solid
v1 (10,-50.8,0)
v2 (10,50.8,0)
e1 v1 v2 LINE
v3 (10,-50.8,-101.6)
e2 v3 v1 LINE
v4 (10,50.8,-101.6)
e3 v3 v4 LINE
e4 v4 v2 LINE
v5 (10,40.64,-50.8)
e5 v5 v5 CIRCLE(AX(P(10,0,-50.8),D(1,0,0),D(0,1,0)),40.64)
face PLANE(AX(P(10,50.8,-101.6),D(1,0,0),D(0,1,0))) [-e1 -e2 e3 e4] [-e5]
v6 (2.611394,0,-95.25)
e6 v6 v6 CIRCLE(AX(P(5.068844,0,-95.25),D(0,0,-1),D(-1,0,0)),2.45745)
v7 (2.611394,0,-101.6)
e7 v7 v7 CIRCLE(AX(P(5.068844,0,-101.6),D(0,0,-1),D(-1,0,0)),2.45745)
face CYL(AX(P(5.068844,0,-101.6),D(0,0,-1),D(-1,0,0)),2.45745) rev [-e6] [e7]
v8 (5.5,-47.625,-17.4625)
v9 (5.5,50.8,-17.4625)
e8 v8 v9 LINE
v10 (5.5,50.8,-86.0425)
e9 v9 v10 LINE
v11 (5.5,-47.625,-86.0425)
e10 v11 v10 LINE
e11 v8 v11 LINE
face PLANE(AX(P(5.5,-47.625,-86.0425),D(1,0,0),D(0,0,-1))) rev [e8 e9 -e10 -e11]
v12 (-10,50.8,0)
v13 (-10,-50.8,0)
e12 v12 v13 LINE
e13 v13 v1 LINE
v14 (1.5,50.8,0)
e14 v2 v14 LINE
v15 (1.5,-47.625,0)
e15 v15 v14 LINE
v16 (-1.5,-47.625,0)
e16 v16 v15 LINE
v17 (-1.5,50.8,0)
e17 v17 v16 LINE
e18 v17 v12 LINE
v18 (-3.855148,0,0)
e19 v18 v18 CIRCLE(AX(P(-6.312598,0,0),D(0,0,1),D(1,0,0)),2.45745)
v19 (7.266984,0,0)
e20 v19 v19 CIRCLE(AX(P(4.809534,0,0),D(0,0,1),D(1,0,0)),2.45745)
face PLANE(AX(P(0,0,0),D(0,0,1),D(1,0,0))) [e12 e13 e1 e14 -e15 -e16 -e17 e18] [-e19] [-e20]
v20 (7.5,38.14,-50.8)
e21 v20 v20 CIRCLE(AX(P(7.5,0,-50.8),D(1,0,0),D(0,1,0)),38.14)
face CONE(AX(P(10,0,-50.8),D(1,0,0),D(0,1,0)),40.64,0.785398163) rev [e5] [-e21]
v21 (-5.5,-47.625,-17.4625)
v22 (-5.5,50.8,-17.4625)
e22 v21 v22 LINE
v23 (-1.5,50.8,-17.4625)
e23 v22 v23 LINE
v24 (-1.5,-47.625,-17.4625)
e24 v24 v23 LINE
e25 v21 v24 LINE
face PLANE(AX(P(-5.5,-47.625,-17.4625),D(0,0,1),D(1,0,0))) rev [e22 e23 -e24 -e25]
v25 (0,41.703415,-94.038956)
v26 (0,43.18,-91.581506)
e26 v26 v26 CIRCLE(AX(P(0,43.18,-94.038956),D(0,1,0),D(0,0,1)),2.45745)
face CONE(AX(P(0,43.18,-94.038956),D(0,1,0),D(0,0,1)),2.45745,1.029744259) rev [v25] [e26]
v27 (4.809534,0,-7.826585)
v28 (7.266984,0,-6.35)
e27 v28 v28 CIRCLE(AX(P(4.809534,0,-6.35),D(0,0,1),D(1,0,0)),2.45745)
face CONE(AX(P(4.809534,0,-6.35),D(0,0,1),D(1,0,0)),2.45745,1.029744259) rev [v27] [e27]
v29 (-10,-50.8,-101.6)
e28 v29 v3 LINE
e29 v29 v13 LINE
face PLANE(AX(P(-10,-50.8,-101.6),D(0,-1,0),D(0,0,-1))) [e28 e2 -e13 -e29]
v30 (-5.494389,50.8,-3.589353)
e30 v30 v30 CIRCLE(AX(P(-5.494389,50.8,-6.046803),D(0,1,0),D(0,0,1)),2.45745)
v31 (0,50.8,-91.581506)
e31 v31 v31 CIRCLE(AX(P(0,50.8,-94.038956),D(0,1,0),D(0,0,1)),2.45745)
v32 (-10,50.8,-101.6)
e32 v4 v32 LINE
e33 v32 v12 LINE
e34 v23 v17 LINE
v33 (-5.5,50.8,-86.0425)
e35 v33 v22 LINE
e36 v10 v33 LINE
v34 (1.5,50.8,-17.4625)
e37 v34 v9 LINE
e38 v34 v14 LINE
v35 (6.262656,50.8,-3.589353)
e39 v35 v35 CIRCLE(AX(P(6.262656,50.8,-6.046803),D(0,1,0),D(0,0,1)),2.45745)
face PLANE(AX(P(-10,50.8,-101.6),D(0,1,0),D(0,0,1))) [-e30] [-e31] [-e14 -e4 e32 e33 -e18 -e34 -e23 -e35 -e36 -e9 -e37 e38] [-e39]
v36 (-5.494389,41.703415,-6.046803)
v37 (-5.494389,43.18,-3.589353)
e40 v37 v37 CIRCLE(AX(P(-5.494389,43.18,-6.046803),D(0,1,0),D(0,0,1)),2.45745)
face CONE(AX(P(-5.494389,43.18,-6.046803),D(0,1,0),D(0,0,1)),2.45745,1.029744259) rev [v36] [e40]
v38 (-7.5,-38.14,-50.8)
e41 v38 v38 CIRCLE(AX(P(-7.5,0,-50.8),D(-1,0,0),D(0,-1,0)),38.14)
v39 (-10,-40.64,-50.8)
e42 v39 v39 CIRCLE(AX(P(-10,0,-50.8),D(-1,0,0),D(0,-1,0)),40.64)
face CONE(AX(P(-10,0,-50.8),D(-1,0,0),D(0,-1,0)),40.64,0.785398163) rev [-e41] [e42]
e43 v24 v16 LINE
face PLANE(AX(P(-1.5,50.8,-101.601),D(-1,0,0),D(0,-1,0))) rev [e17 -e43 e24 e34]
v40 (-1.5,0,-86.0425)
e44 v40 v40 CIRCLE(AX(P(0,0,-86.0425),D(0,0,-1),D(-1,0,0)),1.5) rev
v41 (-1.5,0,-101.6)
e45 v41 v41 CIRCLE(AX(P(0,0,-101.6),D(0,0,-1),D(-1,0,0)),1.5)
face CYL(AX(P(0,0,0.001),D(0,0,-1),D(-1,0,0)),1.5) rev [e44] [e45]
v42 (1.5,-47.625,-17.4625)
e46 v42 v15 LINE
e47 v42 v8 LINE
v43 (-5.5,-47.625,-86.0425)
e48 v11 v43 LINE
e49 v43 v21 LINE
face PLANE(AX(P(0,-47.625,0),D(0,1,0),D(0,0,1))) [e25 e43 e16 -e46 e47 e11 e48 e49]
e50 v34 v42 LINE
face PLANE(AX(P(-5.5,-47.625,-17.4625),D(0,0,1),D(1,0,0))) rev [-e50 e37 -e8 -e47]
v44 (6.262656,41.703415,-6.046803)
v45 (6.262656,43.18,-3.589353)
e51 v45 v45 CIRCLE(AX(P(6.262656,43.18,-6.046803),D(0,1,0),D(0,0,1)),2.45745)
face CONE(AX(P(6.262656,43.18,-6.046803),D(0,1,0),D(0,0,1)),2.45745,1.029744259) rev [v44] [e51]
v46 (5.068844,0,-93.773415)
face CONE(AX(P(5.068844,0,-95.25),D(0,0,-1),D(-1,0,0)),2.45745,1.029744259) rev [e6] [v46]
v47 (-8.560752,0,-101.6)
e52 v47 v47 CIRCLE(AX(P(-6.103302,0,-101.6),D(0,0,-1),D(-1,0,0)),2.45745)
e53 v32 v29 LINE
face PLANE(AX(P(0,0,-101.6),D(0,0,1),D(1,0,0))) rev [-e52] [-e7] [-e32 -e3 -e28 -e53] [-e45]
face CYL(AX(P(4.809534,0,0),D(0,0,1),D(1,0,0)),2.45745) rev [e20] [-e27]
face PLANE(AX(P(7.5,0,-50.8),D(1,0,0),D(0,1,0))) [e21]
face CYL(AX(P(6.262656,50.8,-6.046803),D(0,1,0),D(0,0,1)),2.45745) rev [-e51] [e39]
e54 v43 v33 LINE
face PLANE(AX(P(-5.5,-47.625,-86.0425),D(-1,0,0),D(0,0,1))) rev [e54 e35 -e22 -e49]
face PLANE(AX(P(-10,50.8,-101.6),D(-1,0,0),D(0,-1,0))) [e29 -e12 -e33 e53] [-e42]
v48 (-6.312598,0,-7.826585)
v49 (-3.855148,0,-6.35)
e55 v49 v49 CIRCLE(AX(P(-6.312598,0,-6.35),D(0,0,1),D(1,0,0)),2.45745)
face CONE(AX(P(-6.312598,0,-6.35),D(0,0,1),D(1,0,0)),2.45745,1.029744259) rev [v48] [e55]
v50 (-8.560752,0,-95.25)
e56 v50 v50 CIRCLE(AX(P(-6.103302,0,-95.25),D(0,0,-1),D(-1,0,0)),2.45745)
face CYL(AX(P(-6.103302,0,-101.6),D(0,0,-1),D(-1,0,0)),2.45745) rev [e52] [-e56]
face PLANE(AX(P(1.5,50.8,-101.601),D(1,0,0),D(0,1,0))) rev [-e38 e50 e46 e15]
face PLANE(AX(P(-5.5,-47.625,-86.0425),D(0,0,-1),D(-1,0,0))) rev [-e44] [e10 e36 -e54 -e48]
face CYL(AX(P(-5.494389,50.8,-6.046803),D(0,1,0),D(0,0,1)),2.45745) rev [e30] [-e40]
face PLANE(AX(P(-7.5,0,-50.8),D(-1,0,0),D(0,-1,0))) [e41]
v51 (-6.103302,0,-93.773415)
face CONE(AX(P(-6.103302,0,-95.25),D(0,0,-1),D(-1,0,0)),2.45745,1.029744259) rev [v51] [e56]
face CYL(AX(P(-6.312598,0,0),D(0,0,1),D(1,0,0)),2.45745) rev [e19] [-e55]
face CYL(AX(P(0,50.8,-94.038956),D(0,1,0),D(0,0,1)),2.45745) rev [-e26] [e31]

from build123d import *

# Parameters (mm, degrees)
SKETCH1_W                        = 20
SKETCH1_H                        = 101.6
BOSS_EXTRUDE1_DEPTH              = 101.6
SKETCH3_W                        = 11
SKETCH3_H                        = 68.58
CUT_EXTRUDE1_DEPTH               = 98.425
CUT_EXTRUDE2_REACH               = 116.032
SKETCH4_W                        = 3
SKETCH4_H                        = 98.425
SKETCH5_R                        = 40.64
CUT_EXTRUDE3_DEPTH               = 2.5
CUT_EXTRUDE3_DRAFT               = -45
SKETCH6_R                        = 40.64
CUT_EXTRUDE4_DEPTH               = 2.5
CUT_EXTRUDE4_DRAFT               = -45
F_10_0_1935_DIAMETER_HOLE1_D     = 4.9149
F_10_0_1935_DIAMETER_HOLE1_DEPTH = 7.62
F_10_0_1935_DIAMETER_HOLE1_TIP   = 1.476584928
CUT_EXTRUDE5_REACH               = 116.032
SKETCH9_R                        = 1.5
F_10_0_1935_DIAMETER_HOLE2_D     = 4.9149
F_10_0_1935_DIAMETER_HOLE2_DEPTH = 6.35
F_10_0_1935_DIAMETER_HOLE2_TIP   = 1.476584928
F_10_0_1935_DIAMETER_HOLE3_D     = 4.9149
F_10_0_1935_DIAMETER_HOLE3_DEPTH = 6.35
F_10_0_1935_DIAMETER_HOLE3_TIP   = 1.476584928


with BuildPart() as part:
    # Sketch1 → Boss-Extrude1 (new body)
    with BuildSketch(Plane.XY):
        Rectangle(SKETCH1_W, SKETCH1_H)
    extrude(amount=-BOSS_EXTRUDE1_DEPTH)

    # Sketch3 → Cut-Extrude1 (cut)
    with BuildSketch(Plane(origin=(0, 50.8, 0), x_dir=(1, 0, 0), z_dir=(0, 1, 0))):
        with Locations((0, 51.7525)):
            Rectangle(SKETCH3_W, SKETCH3_H)
    extrude(amount=-CUT_EXTRUDE1_DEPTH, mode=Mode.SUBTRACT)

    # Sketch4 → Cut-Extrude2 (cut, up to next)
    with BuildSketch(Plane.XY, mode=Mode.PRIVATE) as cut_extrude2_sk1:
        with Locations((0, 1.5875)):
            Rectangle(SKETCH4_W, SKETCH4_H)
    cut_extrude2_tool1 = extrude(cut_extrude2_sk1.sketch, amount=-CUT_EXTRUDE2_REACH, mode=Mode.PRIVATE) & part.part
    add(cut_extrude2_tool1.solids().sort_by_distance((0, 1.5875, 0))[0], mode=Mode.SUBTRACT)


with BuildPart() as cut_extrude3_tool:
    # Sketch5 → Cut-Extrude3 (with draft: the straight prism first)
    with BuildSketch(Plane(origin=(10, 0, 0), x_dir=(0, 0, -1), z_dir=(1, 0, 0))):
        with Locations((50.8, 0)):
            Circle(SKETCH5_R)
    extrude(amount=-CUT_EXTRUDE3_DEPTH)
    # Cut-Extrude3: the draft: its side faces are tilted about the plane it starts from
    cut_extrude3_sides = [cut_extrude3_tool.faces().sort_by_distance(p)[0] for p in [
        (8.75, 0, -10.16),
    ]]
    draft(cut_extrude3_sides, Plane(origin=(10, 0, 0), x_dir=(0, 0, -1), z_dir=(1, 0, 0)), CUT_EXTRUDE3_DRAFT)


with BuildPart() as part_1:
    add(part.part)

    # Cut-Extrude3: cut by cut_extrude3_tool
    add(cut_extrude3_tool.part, mode=Mode.SUBTRACT)


with BuildPart() as cut_extrude4_tool:
    # Sketch6 → Cut-Extrude4 (with draft: the straight prism first)
    with BuildSketch(Plane.ZY.offset(10)):
        with Locations((-50.8, 0)):
            Circle(SKETCH6_R)
    extrude(amount=-CUT_EXTRUDE4_DEPTH)
    # Cut-Extrude4: the draft: its side faces are tilted about the plane it starts from
    cut_extrude4_sides = [cut_extrude4_tool.faces().sort_by_distance(p)[0] for p in [
        (-8.75, 0, -91.44),
    ]]
    draft(cut_extrude4_sides, Plane.ZY.offset(10), CUT_EXTRUDE4_DRAFT)


with BuildPart() as part_2:
    add(part_1.part)

    # Cut-Extrude4: cut by cut_extrude4_tool
    add(cut_extrude4_tool.part, mode=Mode.SUBTRACT)

    # #10 (0.1935) Diameter Hole1
    with Locations(Plane(origin=(0, 50.8, 0), x_dir=(1, 0, 0), z_dir=(0, 1, 0))):
        with Locations((-5.494388528, 6.046802712), (6.262656147, 6.046802712), (0, 94.038956273)):
            Hole(F_10_0_1935_DIAMETER_HOLE1_D / 2, depth=F_10_0_1935_DIAMETER_HOLE1_DEPTH)
            with Locations((0, 0, -(F_10_0_1935_DIAMETER_HOLE1_DEPTH + F_10_0_1935_DIAMETER_HOLE1_TIP / 2))):  # 118° drill point
                Cone(0, F_10_0_1935_DIAMETER_HOLE1_D / 2, F_10_0_1935_DIAMETER_HOLE1_TIP, mode=Mode.SUBTRACT)

    # Sketch9 → Cut-Extrude5 (cut, up to next)
    with BuildSketch(Plane(origin=(0, 0, -101.6), x_dir=(-1, 0, 0), z_dir=(0, 0, -1)), mode=Mode.PRIVATE) as cut_extrude5_sk1:
        Circle(SKETCH9_R)
    cut_extrude5_tool1 = extrude(cut_extrude5_sk1.sketch, amount=-CUT_EXTRUDE5_REACH, mode=Mode.PRIVATE) & part_2.part
    add(cut_extrude5_tool1.solids().sort_by_distance((0, 0, -101.6))[0], mode=Mode.SUBTRACT)

    # #10 (0.1935) Diameter Hole2
    with Locations(Plane.XY):
        with Locations((4.80953422, 0), (-6.312598241, 0)):
            Hole(F_10_0_1935_DIAMETER_HOLE2_D / 2, depth=F_10_0_1935_DIAMETER_HOLE2_DEPTH)
            with Locations((0, 0, -(F_10_0_1935_DIAMETER_HOLE2_DEPTH + F_10_0_1935_DIAMETER_HOLE2_TIP / 2))):  # 118° drill point
                Cone(0, F_10_0_1935_DIAMETER_HOLE2_D / 2, F_10_0_1935_DIAMETER_HOLE2_TIP, mode=Mode.SUBTRACT)

    # #10 (0.1935) Diameter Hole3
    with Locations(Plane(origin=(0, 0, -101.6), x_dir=(-1, 0, 0), z_dir=(0, 0, -1))):
        with Locations((6.103302253, 0), (-5.068844244, 0)):
            Hole(F_10_0_1935_DIAMETER_HOLE3_D / 2, depth=F_10_0_1935_DIAMETER_HOLE3_DEPTH)
            with Locations((0, 0, -(F_10_0_1935_DIAMETER_HOLE3_DEPTH + F_10_0_1935_DIAMETER_HOLE3_TIP / 2))):  # 118° drill point
                Cone(0, F_10_0_1935_DIAMETER_HOLE3_D / 2, F_10_0_1935_DIAMETER_HOLE3_TIP, mode=Mode.SUBTRACT)


solid = part_2.part
